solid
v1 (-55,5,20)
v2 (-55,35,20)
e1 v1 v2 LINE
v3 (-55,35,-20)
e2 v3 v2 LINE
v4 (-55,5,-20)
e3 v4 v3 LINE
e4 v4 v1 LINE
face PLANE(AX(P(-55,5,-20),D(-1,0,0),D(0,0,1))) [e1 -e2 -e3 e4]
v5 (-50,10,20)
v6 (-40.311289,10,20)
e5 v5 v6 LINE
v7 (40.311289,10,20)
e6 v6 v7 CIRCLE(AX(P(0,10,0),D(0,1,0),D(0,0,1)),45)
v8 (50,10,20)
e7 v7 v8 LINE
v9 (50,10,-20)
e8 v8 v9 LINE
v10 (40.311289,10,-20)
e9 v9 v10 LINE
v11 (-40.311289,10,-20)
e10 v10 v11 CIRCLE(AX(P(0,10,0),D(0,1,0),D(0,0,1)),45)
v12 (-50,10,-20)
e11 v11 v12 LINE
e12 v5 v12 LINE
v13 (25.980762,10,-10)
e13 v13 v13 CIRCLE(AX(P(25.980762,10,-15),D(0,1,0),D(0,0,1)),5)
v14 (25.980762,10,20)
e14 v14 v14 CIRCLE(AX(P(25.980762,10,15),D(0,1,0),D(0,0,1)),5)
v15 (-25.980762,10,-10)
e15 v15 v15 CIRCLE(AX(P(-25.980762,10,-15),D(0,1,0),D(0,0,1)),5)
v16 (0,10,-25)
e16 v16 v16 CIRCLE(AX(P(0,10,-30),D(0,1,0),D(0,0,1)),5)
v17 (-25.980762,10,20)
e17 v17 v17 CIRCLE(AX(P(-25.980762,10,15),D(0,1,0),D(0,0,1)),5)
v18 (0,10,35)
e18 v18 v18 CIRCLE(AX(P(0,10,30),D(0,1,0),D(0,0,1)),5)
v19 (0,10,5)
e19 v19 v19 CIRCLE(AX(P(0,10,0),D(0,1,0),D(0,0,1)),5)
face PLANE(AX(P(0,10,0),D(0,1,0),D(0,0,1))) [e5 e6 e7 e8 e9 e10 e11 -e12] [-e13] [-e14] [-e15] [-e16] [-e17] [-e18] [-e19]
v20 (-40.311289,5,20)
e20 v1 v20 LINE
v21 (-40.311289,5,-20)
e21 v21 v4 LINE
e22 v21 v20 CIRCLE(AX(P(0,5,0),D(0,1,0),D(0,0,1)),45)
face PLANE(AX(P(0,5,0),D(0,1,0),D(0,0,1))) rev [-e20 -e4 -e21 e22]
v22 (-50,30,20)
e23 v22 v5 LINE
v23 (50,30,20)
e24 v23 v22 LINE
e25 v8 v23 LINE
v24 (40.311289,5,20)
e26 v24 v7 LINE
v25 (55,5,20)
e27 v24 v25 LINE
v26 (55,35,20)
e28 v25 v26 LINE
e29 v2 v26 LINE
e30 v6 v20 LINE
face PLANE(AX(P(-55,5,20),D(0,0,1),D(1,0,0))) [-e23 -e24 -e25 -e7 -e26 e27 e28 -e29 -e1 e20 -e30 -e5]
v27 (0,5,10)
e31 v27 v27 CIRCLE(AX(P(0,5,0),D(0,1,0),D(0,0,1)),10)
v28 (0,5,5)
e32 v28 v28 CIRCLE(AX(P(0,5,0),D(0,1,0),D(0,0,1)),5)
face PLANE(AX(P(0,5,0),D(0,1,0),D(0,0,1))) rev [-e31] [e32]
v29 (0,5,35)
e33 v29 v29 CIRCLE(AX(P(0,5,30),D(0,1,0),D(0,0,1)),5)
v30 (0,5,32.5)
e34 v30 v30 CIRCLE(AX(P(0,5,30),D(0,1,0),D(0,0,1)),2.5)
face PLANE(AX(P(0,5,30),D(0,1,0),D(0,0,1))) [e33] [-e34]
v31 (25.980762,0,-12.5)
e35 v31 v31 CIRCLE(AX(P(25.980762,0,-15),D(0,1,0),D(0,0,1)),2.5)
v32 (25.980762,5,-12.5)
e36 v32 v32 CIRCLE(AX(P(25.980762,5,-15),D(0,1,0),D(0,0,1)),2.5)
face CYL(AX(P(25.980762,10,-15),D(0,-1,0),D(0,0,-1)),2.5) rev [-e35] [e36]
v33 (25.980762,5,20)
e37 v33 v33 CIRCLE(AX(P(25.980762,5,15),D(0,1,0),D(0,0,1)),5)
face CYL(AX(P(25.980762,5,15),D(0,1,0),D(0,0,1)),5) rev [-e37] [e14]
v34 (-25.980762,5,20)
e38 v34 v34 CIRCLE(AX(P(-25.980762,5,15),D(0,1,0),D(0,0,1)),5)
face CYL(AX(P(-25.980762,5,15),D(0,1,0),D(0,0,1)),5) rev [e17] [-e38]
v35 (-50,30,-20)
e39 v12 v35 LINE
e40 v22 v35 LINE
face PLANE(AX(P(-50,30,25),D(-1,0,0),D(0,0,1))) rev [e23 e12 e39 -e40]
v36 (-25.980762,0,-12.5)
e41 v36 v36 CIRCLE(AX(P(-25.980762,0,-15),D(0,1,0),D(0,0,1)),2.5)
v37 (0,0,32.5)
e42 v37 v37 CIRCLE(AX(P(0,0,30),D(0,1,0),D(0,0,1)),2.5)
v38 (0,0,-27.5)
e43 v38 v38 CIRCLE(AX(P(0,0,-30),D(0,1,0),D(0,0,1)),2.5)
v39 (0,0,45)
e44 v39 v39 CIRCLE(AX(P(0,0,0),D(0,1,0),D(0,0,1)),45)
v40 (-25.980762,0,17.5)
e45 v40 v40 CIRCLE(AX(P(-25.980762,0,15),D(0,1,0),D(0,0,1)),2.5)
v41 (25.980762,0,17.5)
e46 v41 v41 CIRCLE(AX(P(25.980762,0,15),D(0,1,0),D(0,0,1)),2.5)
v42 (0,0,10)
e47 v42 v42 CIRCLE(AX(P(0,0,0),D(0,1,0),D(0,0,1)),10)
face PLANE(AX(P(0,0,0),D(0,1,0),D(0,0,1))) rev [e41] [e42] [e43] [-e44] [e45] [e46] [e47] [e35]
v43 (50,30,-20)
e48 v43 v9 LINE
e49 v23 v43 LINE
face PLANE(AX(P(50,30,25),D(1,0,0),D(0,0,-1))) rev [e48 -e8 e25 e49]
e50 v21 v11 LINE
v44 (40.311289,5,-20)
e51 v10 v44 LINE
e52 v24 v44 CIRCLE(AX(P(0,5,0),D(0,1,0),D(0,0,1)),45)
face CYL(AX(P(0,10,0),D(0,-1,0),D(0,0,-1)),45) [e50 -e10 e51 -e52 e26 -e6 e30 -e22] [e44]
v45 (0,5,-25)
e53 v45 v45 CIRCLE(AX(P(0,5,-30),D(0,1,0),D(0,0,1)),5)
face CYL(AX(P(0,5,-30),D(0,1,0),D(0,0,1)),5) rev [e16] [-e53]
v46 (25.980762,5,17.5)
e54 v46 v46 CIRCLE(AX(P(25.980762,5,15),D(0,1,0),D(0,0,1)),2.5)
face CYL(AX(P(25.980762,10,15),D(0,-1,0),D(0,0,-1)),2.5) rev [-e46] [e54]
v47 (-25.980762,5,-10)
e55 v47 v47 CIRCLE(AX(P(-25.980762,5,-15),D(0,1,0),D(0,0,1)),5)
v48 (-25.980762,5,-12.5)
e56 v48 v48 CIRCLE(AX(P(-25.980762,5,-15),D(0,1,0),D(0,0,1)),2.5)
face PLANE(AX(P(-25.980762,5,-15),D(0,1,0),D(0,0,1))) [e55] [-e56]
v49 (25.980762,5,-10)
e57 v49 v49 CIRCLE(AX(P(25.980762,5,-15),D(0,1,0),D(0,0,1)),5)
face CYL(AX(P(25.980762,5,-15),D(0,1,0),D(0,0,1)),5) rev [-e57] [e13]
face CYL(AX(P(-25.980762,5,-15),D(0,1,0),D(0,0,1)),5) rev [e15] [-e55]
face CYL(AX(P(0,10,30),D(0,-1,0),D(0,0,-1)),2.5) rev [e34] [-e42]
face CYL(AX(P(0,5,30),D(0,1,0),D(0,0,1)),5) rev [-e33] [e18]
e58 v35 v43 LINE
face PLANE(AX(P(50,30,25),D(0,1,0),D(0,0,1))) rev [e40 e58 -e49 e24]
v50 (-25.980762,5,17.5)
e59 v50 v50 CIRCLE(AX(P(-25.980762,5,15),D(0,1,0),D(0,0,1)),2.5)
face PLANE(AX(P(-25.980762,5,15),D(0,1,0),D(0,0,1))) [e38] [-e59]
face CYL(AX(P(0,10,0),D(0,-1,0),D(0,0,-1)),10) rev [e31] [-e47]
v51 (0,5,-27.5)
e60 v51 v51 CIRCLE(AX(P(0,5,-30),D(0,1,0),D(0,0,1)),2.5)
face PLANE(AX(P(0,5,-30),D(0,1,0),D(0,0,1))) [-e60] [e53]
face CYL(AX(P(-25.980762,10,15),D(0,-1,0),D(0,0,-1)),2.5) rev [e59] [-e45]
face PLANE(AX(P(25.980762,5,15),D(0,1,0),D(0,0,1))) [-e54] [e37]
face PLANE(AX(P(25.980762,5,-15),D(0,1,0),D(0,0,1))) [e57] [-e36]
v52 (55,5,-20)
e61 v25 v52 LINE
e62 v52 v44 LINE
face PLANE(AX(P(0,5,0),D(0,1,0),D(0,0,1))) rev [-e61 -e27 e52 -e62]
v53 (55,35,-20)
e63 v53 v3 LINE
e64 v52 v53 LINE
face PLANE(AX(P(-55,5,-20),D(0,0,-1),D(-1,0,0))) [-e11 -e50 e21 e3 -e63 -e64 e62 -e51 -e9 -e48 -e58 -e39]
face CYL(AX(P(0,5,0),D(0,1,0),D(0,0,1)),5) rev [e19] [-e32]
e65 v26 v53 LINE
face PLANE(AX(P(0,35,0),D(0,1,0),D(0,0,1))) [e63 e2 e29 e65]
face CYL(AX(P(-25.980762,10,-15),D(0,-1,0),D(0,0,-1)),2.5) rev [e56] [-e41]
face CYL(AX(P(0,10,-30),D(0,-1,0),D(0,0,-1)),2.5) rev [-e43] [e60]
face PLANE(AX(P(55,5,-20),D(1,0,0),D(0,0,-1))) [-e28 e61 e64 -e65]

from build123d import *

# Parameters (mm, degrees)
SKETCH1_R                = 45
SKETCH1_R_2              = 2.5
SKETCH1_R_3              = 10
BOSS_EXTRUDE1_DEPTH      = 10
SKETCH2_W                = 110
SKETCH2_H                = 40
BOSS_EXTRUDE2_DEPTH      = 25
BOSS_EXTRUDE2_DEPTH_BACK = 5
SKETCH3_W                = 100
SKETCH3_H                = 20
CUT_EXTRUDE1_DEPTH       = 45
SKETCH4_R                = 5
CUT_EXTRUDE2_DEPTH       = 5


with BuildPart() as part:
    # Sketch1 → Boss-Extrude1 (new body)
    with BuildSketch(Plane(origin=(0, 0, 0), x_dir=(1, 0, 0), z_dir=(0, 1, 0))):
        Circle(SKETCH1_R)
        with Locations((0, 30)):
            Circle(SKETCH1_R_2, mode=Mode.SUBTRACT)
        with Locations((25.980762114, 15)):
            Circle(SKETCH1_R_2, mode=Mode.SUBTRACT)
        with Locations((25.980762114, -15)):
            Circle(SKETCH1_R_2, mode=Mode.SUBTRACT)
        with Locations((0, -30)):
            Circle(SKETCH1_R_2, mode=Mode.SUBTRACT)
        with Locations((-25.980762114, -15)):
            Circle(SKETCH1_R_2, mode=Mode.SUBTRACT)
        with Locations((-25.980762114, 15)):
            Circle(SKETCH1_R_2, mode=Mode.SUBTRACT)
        Circle(SKETCH1_R_3, mode=Mode.SUBTRACT)
    extrude(amount=BOSS_EXTRUDE1_DEPTH)

    # Sketch2 → Boss-Extrude2 (add, two sides)
    with BuildSketch(Plane(origin=(0, 10, 0), x_dir=(1, 0, 0), z_dir=(0, 1, 0))) as boss_extrude2_sk:
        Rectangle(SKETCH2_W, SKETCH2_H)
    extrude(amount=BOSS_EXTRUDE2_DEPTH)
    extrude(boss_extrude2_sk.sketch, amount=-BOSS_EXTRUDE2_DEPTH_BACK)

    # Sketch3 → Cut-Extrude1 (cut)
    with BuildSketch(Plane(origin=(0, 0, -20), x_dir=(-1, 0, 0), z_dir=(0, 0, -1))):
        with Locations((0, 20)):
            Rectangle(SKETCH3_W, SKETCH3_H)
    extrude(amount=-CUT_EXTRUDE1_DEPTH, mode=Mode.SUBTRACT)

    # Sketch4 → Cut-Extrude2 (cut)
    with BuildSketch(Plane(origin=(0, 10, 0), x_dir=(1, 0, 0), z_dir=(0, 1, 0))):
        with Locations((0, 30)):
            Circle(SKETCH4_R)
        with Locations((25.980762114, 15)):
            Circle(SKETCH4_R)
        with Locations((25.980762114, -15)):
            Circle(SKETCH4_R)
        with Locations((0, -30)):
            Circle(SKETCH4_R)
        with Locations((-25.980762114, -15)):
            Circle(SKETCH4_R)
        with Locations((-25.980762114, 15)):
            Circle(SKETCH4_R)
        Circle(SKETCH4_R)
    extrude(amount=-CUT_EXTRUDE2_DEPTH, mode=Mode.SUBTRACT)


solid = part.part
